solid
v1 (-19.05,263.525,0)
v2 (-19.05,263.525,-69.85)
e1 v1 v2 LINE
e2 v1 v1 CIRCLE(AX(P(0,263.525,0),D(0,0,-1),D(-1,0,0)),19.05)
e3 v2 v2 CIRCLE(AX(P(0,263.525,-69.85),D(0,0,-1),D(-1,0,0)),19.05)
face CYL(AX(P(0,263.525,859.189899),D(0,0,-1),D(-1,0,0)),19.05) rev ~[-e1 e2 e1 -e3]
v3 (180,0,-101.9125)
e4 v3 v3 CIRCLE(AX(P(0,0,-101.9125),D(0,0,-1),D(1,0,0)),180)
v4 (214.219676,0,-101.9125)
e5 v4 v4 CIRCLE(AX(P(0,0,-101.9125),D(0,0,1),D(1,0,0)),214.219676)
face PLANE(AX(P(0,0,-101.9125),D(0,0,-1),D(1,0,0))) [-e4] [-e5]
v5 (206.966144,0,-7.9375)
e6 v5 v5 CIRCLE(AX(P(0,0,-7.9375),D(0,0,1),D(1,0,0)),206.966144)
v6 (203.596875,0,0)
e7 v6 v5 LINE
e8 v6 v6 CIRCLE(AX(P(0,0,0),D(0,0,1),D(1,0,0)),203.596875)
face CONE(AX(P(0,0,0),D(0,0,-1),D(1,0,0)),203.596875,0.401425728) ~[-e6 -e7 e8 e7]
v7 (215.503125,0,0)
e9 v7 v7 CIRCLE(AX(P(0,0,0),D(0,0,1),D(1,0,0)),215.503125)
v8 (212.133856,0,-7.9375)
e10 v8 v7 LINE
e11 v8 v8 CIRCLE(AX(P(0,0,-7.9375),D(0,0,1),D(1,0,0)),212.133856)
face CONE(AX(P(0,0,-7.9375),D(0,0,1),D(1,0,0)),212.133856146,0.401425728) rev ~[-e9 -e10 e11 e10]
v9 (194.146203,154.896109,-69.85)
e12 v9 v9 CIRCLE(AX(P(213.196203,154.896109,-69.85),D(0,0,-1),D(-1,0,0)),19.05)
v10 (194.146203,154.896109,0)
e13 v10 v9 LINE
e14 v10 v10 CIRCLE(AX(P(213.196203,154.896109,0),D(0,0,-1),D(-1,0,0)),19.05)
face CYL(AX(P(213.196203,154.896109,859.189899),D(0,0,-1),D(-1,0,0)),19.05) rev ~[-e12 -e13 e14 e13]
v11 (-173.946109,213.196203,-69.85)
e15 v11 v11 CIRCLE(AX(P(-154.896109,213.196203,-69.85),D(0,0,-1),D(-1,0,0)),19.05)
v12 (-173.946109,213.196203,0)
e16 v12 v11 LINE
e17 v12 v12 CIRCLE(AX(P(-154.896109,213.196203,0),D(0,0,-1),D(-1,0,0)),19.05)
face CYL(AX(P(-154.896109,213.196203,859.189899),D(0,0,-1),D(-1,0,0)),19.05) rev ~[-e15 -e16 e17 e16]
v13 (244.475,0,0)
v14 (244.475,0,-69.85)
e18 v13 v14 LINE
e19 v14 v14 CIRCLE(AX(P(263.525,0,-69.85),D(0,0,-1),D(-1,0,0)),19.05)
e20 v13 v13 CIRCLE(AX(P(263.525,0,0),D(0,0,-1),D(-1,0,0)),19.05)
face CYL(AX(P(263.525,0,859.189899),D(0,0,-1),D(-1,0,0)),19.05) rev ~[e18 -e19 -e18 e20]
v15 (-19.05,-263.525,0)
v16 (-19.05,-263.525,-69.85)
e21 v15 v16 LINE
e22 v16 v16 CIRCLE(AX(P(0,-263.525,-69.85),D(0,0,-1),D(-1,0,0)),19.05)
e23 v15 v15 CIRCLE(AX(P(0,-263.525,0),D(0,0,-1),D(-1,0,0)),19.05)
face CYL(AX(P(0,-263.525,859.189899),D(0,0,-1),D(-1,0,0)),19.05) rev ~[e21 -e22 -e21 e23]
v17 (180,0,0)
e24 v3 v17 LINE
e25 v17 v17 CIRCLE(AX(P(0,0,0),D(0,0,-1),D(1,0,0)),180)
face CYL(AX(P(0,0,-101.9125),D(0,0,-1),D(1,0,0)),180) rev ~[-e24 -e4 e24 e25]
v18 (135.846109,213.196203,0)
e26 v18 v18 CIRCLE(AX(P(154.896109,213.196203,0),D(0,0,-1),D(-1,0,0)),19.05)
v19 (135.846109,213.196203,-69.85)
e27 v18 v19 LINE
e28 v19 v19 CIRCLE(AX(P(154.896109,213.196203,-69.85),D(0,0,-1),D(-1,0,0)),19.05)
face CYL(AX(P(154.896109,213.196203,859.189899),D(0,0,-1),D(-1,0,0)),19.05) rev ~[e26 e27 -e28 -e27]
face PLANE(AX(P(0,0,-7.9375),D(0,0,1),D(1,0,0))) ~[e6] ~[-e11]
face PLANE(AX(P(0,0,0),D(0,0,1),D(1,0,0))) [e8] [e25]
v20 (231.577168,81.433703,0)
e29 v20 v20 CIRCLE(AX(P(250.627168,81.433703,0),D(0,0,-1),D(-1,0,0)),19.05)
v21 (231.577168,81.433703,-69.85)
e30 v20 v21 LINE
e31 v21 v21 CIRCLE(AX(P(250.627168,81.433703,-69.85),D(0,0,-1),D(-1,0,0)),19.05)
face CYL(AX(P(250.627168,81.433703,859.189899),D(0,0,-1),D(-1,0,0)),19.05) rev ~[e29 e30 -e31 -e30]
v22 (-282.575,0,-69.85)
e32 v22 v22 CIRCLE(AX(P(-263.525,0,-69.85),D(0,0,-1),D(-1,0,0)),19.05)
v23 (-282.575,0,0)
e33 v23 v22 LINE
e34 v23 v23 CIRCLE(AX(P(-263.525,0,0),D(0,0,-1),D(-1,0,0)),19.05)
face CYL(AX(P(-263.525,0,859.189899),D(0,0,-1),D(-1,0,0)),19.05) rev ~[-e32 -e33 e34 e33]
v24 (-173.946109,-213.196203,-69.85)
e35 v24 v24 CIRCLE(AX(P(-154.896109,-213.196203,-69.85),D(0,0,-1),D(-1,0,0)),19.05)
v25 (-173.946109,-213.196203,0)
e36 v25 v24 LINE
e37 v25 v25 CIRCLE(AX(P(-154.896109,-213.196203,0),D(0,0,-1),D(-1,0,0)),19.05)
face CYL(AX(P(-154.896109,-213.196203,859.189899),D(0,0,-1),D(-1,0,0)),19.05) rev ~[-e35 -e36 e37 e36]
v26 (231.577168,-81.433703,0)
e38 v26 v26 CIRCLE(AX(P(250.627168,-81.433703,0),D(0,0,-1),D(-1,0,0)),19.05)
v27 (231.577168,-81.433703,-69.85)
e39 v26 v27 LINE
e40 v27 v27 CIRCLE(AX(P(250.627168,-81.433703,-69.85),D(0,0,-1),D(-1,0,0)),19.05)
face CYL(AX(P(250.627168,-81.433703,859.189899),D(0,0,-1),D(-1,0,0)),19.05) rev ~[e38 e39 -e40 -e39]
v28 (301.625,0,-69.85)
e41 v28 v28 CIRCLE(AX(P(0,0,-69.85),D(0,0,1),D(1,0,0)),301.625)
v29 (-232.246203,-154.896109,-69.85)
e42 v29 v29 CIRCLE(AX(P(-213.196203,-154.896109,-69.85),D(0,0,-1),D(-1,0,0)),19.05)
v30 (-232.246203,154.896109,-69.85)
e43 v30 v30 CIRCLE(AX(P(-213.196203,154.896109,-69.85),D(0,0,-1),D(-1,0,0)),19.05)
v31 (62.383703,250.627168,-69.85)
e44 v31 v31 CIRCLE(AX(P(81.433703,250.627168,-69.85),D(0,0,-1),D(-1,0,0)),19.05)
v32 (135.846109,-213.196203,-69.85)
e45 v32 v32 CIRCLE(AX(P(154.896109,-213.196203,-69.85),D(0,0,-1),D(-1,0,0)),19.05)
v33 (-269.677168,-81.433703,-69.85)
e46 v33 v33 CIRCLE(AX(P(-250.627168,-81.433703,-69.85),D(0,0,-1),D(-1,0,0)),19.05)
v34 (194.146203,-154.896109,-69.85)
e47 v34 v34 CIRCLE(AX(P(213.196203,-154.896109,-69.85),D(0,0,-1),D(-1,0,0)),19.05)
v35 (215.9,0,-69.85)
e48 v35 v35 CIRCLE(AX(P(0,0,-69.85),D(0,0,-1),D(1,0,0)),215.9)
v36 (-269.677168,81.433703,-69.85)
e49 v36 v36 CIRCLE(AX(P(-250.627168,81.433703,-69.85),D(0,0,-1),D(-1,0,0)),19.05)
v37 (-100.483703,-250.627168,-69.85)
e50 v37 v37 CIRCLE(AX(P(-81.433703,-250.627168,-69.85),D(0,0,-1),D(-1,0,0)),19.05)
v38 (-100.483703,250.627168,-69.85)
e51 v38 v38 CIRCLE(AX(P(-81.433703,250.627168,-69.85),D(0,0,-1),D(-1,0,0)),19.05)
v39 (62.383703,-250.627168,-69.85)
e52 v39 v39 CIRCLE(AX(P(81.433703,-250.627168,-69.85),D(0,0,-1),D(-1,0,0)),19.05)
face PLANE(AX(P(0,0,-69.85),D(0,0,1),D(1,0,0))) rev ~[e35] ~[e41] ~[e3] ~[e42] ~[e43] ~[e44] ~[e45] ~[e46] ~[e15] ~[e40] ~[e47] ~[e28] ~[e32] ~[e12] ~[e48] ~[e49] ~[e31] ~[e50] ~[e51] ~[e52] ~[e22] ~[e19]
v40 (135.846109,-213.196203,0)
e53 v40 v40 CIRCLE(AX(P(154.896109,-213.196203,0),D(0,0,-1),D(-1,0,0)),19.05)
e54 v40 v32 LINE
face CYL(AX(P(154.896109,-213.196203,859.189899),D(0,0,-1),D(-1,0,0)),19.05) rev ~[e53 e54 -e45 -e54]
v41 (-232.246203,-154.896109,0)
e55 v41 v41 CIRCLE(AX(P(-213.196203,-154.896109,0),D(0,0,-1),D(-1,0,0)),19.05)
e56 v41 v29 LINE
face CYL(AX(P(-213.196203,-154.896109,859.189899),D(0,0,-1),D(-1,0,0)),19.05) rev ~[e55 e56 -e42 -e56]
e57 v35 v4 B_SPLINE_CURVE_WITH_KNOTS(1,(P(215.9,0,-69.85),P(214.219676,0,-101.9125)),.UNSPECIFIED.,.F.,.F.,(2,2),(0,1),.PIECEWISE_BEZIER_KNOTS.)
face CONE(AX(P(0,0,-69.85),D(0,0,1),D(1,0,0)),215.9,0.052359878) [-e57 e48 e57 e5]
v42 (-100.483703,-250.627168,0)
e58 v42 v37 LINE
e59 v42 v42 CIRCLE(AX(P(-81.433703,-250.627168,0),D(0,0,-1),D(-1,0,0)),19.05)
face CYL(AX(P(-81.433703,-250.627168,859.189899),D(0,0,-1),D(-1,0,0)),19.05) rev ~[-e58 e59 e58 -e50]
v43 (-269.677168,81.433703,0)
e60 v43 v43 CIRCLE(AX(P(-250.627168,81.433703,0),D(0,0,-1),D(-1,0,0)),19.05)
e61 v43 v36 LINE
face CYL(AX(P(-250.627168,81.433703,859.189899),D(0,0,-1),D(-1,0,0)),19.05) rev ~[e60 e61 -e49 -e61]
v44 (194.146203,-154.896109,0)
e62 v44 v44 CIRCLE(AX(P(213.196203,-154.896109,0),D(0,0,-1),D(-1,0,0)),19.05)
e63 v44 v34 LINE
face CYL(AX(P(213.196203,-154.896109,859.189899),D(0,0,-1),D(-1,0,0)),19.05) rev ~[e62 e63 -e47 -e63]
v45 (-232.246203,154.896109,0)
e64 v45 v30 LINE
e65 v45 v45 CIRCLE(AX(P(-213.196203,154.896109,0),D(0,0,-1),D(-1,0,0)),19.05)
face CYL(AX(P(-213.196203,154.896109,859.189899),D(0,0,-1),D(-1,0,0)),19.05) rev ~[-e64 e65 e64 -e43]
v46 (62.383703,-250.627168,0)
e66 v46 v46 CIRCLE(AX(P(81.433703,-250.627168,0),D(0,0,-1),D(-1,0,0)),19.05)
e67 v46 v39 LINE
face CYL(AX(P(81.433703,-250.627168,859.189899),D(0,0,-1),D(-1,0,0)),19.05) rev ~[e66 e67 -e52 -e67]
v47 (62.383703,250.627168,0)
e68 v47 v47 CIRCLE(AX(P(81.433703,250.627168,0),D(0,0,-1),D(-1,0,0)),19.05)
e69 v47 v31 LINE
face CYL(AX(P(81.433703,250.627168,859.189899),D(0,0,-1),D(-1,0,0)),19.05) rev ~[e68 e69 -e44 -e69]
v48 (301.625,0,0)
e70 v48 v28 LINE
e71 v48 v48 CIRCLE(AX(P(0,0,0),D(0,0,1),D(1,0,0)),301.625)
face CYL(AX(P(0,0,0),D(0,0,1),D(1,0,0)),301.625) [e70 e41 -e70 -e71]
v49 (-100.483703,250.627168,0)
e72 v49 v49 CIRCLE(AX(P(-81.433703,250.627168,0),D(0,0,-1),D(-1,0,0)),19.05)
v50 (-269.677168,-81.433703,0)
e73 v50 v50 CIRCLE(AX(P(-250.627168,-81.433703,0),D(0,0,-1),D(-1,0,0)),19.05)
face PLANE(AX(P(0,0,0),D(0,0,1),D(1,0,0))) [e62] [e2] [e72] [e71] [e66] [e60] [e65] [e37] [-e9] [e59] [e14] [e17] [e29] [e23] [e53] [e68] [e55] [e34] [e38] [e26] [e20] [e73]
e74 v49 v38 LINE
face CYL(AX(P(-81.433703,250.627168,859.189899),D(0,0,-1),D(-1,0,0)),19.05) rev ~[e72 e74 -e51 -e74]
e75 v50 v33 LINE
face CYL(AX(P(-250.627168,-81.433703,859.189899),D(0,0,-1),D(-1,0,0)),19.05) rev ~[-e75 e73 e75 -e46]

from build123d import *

# Parameters (mm, degrees)
F0_R     = 301.625
F1_DEPTH = 69.85
F2_R     = 215.9
F3_DEPTH = 32.0625
F3_TAPER = 3
F4_R     = 180
F5_DEPTH = 101.9135
F10_D    = 38.1


with BuildPart() as f1:
    # F0 (on Top) → F1 (new body)
    with BuildSketch(Plane.XY):
        Circle(F0_R)
    extrude(amount=-F1_DEPTH)

    # F2 (on face) → F3 (join)
    with BuildSketch(Plane(origin=(0, 0, -69.85), x_dir=(1, 0, 0), z_dir=(0, 0, -1))):
        Circle(F2_R)
    extrude(amount=F3_DEPTH, taper=F3_TAPER)

    # F4 (on face) → F5 (cut, through all)
    with BuildSketch(Plane(origin=(0, 0, -101.9125), x_dir=(1, 0, 0), z_dir=(0, 0, -1))):
        Circle(F4_R)
    extrude(amount=-F5_DEPTH, mode=Mode.SUBTRACT)

    # F6 (on Front) → F8 (revolve, cut)
    with BuildSketch(Plane.XZ):
        Polygon((209.55, -7.9375), (209.55, 0), (203.596875, 0), (206.9661438537, -7.9375), align=None)
        Polygon((215.503125, 0), (209.55, 0), (209.55, -7.9375), (212.1338561463, -7.9375), align=None)
    revolve(axis=Axis((0, 0, 0), (0, 0, 1)), mode=Mode.SUBTRACT)

    # F10 (through all)
    with Locations(Plane.XY):
        with Locations((263.525, 0), (250.6271684567, 81.4337034427), (213.1962034427, 154.8961086104), (154.8961086104, 213.1962034427), (81.4337034427, 250.6271684567), (0, 263.525), (-81.4337034427, 250.6271684567), (-154.8961086104, 213.1962034427), (-213.1962034427, 154.8961086104), (-250.6271684567, 81.4337034427), (-263.525, 0), (-250.6271684567, -81.4337034427), (-213.1962034427, -154.8961086104), (-154.8961086104, -213.1962034427), (-81.4337034427, -250.6271684567), (0, -263.525), (81.4337034427, -250.6271684567), (154.8961086104, -213.1962034427), (213.1962034427, -154.8961086104), (250.6271684567, -81.4337034427)):
            Hole(F10_D / 2)


solid = f1.part
